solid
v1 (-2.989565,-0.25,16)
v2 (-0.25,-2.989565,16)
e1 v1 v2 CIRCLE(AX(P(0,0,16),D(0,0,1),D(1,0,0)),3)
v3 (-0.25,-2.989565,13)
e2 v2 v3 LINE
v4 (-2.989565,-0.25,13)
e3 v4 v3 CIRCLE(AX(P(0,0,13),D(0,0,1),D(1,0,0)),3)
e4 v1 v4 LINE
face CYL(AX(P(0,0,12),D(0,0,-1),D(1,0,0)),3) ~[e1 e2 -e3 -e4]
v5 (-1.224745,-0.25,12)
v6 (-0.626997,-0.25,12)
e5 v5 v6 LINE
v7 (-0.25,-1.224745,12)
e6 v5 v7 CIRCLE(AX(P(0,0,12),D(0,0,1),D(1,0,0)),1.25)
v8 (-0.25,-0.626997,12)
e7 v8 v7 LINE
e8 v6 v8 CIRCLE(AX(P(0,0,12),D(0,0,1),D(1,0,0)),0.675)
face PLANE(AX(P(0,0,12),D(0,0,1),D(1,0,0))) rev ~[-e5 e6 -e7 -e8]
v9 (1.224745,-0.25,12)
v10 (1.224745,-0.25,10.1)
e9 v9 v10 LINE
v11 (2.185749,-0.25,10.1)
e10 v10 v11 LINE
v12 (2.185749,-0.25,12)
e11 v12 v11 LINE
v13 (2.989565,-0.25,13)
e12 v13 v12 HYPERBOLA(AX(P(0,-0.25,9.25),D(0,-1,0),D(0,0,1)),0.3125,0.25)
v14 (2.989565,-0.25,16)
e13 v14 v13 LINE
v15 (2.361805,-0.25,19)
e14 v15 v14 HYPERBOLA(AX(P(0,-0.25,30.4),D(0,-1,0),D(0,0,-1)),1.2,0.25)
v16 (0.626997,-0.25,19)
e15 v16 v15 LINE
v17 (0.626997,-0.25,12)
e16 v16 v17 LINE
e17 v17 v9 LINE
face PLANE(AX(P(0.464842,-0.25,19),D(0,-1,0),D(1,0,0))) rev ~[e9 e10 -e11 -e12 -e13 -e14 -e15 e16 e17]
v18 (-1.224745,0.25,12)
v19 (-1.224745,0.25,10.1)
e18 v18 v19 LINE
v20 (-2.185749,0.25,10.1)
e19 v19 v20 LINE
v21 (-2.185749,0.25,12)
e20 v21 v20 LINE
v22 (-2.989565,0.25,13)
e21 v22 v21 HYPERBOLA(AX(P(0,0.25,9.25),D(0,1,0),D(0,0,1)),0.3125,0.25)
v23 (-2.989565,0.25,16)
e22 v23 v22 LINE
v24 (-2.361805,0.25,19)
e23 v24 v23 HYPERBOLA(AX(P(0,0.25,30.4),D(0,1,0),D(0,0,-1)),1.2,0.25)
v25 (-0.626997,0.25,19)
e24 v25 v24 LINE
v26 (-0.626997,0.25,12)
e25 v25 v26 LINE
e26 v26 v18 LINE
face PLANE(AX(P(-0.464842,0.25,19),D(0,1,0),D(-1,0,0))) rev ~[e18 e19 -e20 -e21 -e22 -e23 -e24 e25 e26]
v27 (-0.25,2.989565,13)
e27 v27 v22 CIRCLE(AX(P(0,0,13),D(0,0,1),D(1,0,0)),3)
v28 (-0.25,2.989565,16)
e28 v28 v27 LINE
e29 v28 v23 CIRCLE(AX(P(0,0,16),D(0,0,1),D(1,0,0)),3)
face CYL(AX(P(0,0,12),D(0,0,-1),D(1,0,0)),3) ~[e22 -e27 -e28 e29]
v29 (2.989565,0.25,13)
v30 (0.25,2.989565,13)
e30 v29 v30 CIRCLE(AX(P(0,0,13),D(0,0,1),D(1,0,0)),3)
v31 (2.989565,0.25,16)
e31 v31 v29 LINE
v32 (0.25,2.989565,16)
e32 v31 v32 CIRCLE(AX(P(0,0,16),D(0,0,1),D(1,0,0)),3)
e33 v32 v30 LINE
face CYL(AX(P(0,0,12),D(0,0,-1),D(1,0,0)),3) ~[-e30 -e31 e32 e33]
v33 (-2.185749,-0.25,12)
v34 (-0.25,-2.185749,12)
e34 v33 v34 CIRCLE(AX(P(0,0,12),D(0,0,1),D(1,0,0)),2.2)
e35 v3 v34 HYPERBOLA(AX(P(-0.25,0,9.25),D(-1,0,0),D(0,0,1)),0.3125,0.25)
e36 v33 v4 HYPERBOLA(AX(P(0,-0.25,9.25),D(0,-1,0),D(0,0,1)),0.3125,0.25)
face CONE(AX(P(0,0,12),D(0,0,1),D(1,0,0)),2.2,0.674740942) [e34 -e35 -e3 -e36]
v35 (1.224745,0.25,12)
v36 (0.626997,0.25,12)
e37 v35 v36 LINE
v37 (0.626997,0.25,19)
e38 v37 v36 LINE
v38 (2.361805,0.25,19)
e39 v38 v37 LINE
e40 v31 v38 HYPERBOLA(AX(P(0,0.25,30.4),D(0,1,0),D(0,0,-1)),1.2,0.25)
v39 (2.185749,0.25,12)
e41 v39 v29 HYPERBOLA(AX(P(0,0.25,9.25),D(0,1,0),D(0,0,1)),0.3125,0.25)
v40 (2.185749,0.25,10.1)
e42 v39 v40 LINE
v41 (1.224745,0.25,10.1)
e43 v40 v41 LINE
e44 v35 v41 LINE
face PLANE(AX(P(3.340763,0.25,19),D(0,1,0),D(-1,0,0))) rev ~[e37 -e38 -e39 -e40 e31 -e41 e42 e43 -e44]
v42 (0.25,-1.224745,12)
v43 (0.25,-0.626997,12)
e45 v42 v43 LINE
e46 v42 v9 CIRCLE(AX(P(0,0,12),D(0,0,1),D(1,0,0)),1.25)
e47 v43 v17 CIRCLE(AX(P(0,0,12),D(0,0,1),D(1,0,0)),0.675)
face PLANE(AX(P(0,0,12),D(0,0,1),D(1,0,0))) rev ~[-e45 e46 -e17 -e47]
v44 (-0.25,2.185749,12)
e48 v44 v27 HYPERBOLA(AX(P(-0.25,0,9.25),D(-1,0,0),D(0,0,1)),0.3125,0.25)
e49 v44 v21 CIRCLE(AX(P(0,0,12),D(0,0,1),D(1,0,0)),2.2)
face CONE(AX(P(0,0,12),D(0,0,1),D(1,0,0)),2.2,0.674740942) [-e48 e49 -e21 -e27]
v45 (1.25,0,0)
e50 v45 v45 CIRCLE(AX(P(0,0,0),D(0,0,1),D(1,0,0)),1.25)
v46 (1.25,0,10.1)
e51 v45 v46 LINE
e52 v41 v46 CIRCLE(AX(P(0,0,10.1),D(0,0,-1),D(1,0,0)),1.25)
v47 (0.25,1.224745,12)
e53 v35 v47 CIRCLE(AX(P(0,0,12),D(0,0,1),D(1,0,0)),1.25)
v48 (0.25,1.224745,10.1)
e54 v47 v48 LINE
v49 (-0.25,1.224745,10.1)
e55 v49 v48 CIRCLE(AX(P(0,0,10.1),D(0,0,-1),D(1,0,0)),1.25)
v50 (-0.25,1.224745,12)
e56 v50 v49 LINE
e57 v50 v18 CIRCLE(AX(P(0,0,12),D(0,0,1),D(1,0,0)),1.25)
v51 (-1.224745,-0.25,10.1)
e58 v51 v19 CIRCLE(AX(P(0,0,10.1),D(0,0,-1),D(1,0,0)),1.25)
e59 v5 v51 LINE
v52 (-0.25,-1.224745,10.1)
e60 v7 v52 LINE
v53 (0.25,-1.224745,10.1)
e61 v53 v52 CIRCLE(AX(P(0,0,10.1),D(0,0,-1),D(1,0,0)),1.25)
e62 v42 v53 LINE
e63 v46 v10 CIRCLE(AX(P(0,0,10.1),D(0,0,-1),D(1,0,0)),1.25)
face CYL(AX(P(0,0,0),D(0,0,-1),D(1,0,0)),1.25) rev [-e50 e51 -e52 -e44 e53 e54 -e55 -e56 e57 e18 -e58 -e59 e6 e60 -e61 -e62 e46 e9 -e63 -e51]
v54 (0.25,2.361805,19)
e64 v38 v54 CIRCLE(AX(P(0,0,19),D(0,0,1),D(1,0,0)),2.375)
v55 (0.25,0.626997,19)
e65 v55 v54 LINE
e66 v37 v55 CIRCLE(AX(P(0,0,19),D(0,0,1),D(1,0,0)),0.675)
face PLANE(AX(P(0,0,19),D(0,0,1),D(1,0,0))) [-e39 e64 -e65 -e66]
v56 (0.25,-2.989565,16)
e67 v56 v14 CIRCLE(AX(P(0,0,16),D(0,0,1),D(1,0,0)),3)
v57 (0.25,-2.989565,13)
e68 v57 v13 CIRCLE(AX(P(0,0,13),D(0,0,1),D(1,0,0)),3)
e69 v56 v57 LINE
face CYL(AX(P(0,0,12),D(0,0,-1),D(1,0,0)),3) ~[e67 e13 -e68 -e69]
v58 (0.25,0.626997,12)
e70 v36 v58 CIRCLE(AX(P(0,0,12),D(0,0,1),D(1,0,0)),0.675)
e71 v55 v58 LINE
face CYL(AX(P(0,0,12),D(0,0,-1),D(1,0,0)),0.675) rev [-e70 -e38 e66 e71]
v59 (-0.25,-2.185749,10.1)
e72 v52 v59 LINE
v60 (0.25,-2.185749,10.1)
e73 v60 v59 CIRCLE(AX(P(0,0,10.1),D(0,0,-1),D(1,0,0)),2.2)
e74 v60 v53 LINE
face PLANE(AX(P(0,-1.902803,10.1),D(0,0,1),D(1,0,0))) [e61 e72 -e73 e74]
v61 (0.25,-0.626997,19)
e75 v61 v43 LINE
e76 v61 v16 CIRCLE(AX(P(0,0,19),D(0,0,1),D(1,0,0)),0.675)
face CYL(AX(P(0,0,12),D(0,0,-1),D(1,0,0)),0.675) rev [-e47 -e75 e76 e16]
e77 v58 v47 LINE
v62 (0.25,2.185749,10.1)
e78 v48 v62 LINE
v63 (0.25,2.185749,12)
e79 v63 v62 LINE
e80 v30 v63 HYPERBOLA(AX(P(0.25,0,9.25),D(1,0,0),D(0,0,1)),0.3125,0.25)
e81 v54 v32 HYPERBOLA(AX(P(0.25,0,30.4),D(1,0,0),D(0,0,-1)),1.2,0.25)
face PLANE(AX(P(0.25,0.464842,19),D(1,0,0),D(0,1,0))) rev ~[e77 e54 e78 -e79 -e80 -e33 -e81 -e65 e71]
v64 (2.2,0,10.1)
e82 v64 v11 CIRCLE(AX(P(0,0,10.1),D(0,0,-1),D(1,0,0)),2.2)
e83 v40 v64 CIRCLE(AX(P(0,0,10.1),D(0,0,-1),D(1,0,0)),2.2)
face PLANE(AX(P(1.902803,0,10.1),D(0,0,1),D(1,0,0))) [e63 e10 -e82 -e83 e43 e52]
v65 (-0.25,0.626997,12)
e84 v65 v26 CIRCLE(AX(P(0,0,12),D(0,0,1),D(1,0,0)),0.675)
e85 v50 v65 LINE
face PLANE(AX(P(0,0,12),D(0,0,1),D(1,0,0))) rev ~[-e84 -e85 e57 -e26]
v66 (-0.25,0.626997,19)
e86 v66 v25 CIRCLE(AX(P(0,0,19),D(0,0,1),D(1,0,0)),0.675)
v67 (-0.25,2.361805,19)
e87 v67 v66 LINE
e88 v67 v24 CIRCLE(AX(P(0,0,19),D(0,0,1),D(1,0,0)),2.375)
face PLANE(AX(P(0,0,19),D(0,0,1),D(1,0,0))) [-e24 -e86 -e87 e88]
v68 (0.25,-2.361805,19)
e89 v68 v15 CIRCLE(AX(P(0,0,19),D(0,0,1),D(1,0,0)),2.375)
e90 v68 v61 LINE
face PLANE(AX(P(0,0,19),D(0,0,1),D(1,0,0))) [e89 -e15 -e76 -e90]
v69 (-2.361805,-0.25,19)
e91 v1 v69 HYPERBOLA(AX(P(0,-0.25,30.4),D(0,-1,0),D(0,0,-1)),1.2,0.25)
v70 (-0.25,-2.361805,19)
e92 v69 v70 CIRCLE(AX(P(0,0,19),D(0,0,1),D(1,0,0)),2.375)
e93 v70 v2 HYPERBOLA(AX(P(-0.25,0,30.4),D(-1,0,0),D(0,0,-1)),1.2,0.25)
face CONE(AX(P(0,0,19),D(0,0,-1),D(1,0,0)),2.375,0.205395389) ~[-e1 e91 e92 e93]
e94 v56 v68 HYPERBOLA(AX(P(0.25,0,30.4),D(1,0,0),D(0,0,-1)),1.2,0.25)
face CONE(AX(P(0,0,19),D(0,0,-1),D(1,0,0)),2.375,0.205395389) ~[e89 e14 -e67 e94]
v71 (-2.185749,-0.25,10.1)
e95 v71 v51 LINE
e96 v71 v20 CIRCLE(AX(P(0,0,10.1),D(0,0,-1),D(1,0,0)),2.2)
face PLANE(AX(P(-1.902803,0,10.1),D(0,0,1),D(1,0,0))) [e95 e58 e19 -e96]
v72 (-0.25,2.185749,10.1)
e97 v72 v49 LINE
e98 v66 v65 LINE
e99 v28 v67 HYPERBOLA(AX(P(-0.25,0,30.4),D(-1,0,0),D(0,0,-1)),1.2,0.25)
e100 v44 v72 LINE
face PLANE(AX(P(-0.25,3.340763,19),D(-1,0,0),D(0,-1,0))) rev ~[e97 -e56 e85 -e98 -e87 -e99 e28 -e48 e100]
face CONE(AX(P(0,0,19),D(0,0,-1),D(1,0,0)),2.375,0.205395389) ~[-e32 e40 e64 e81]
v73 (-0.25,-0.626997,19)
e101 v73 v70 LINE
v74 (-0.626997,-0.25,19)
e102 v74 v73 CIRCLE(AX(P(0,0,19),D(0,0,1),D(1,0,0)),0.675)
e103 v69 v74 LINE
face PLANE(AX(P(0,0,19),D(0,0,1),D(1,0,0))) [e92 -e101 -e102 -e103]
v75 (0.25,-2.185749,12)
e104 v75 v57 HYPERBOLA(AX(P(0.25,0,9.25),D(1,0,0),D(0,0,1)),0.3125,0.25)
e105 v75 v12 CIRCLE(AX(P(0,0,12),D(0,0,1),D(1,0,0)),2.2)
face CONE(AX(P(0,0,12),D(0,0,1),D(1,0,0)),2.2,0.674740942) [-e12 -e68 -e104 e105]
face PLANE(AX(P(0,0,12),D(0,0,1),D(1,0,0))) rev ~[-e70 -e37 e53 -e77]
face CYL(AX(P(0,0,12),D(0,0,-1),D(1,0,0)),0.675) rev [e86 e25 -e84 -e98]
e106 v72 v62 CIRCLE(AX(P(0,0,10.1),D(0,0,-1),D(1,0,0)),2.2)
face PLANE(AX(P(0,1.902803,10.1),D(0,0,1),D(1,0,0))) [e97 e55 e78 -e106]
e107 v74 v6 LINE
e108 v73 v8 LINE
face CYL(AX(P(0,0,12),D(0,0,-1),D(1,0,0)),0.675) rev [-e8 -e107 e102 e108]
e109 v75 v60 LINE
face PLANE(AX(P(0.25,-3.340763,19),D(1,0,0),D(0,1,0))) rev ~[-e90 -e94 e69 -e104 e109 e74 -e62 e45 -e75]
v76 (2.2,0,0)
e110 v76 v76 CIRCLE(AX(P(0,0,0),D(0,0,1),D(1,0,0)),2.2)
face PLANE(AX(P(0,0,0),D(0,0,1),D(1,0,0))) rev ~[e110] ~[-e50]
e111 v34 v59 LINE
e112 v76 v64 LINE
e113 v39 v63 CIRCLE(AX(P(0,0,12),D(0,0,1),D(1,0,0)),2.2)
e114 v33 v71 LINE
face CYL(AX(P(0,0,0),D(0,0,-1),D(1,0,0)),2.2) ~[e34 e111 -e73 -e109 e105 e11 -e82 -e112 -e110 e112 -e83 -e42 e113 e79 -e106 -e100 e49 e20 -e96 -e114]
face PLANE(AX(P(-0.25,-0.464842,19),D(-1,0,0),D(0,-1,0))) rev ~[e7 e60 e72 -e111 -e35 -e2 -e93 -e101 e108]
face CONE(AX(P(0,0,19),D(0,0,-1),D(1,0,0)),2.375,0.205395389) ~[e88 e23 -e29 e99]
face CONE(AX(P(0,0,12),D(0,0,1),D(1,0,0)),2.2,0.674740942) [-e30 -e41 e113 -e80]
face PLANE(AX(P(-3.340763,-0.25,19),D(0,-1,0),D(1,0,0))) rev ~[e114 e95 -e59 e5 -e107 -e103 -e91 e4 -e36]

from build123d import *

# Parameters (mm, degrees)
SKETCH1_R           = 2.2
SKETCH1_R_2         = 1.25
BOSS_EXTRUDE1_DEPTH = 12
SKETCH2_R           = 3
SKETCH2_R_2         = 0.675
BOSS_EXTRUDE2_DEPTH = 7
CUT_EXTRUDE1_DEPTH  = 8.9


with BuildPart() as part:
    # Sketch1 → Boss-Extrude1 (new body)
    with BuildSketch(Plane.XY):
        Circle(SKETCH1_R)
        Circle(SKETCH1_R_2, mode=Mode.SUBTRACT)
    extrude(amount=BOSS_EXTRUDE1_DEPTH)

    # Sketch2 → Boss-Extrude2 (add)
    with BuildSketch(Plane.XY.offset(12)):
        Circle(SKETCH2_R)
        Circle(SKETCH2_R_2, mode=Mode.SUBTRACT)
    extrude(amount=BOSS_EXTRUDE2_DEPTH)

    # Sketch3 → Cut-Revolve1 (revolve, cut)
    with BuildSketch(Plane(origin=(0, 0, 0), x_dir=(1, 0, 0), z_dir=(0, 1, 0))):
        Polygon((2.2, -12), (3, -13), (4.276308893, -12.361058563), (3.46784885, -11.152134436), align=None)
        Polygon((2.375, -19), (3, -16), (5.751760011, -17.171813113), (4.254862661, -20.939605223), align=None)
    revolve(axis=Axis((0, 0, 0), (0, 0, 1)), mode=Mode.SUBTRACT)

    # Sketch4 → Cut-Extrude1 (cut)
    with BuildSketch(Plane.XY.offset(19)):
        Polygon((0, 3.340763125), (-0.25, 3.340763125), (-0.25, 0.464842209), (0.25, 0.464842209), (0.25, 3.340763125), align=None)
        Polygon((3.340763125, 0), (3.340763125, 0.25), (0.464842209, 0.25), (0.464842209, -0.25), (3.340763125, -0.25), align=None)
        Polygon((0, -3.340763125), (0.25, -3.340763125), (0.25, -0.464842209), (-0.25, -0.464842209), (-0.25, -3.340763125), align=None)
        Polygon((-3.340763125, 0), (-3.340763125, -0.25), (-0.464842209, -0.25), (-0.464842209, 0.25), (-3.340763125, 0.25), align=None)
    extrude(amount=-CUT_EXTRUDE1_DEPTH, mode=Mode.SUBTRACT)


solid = part.part
